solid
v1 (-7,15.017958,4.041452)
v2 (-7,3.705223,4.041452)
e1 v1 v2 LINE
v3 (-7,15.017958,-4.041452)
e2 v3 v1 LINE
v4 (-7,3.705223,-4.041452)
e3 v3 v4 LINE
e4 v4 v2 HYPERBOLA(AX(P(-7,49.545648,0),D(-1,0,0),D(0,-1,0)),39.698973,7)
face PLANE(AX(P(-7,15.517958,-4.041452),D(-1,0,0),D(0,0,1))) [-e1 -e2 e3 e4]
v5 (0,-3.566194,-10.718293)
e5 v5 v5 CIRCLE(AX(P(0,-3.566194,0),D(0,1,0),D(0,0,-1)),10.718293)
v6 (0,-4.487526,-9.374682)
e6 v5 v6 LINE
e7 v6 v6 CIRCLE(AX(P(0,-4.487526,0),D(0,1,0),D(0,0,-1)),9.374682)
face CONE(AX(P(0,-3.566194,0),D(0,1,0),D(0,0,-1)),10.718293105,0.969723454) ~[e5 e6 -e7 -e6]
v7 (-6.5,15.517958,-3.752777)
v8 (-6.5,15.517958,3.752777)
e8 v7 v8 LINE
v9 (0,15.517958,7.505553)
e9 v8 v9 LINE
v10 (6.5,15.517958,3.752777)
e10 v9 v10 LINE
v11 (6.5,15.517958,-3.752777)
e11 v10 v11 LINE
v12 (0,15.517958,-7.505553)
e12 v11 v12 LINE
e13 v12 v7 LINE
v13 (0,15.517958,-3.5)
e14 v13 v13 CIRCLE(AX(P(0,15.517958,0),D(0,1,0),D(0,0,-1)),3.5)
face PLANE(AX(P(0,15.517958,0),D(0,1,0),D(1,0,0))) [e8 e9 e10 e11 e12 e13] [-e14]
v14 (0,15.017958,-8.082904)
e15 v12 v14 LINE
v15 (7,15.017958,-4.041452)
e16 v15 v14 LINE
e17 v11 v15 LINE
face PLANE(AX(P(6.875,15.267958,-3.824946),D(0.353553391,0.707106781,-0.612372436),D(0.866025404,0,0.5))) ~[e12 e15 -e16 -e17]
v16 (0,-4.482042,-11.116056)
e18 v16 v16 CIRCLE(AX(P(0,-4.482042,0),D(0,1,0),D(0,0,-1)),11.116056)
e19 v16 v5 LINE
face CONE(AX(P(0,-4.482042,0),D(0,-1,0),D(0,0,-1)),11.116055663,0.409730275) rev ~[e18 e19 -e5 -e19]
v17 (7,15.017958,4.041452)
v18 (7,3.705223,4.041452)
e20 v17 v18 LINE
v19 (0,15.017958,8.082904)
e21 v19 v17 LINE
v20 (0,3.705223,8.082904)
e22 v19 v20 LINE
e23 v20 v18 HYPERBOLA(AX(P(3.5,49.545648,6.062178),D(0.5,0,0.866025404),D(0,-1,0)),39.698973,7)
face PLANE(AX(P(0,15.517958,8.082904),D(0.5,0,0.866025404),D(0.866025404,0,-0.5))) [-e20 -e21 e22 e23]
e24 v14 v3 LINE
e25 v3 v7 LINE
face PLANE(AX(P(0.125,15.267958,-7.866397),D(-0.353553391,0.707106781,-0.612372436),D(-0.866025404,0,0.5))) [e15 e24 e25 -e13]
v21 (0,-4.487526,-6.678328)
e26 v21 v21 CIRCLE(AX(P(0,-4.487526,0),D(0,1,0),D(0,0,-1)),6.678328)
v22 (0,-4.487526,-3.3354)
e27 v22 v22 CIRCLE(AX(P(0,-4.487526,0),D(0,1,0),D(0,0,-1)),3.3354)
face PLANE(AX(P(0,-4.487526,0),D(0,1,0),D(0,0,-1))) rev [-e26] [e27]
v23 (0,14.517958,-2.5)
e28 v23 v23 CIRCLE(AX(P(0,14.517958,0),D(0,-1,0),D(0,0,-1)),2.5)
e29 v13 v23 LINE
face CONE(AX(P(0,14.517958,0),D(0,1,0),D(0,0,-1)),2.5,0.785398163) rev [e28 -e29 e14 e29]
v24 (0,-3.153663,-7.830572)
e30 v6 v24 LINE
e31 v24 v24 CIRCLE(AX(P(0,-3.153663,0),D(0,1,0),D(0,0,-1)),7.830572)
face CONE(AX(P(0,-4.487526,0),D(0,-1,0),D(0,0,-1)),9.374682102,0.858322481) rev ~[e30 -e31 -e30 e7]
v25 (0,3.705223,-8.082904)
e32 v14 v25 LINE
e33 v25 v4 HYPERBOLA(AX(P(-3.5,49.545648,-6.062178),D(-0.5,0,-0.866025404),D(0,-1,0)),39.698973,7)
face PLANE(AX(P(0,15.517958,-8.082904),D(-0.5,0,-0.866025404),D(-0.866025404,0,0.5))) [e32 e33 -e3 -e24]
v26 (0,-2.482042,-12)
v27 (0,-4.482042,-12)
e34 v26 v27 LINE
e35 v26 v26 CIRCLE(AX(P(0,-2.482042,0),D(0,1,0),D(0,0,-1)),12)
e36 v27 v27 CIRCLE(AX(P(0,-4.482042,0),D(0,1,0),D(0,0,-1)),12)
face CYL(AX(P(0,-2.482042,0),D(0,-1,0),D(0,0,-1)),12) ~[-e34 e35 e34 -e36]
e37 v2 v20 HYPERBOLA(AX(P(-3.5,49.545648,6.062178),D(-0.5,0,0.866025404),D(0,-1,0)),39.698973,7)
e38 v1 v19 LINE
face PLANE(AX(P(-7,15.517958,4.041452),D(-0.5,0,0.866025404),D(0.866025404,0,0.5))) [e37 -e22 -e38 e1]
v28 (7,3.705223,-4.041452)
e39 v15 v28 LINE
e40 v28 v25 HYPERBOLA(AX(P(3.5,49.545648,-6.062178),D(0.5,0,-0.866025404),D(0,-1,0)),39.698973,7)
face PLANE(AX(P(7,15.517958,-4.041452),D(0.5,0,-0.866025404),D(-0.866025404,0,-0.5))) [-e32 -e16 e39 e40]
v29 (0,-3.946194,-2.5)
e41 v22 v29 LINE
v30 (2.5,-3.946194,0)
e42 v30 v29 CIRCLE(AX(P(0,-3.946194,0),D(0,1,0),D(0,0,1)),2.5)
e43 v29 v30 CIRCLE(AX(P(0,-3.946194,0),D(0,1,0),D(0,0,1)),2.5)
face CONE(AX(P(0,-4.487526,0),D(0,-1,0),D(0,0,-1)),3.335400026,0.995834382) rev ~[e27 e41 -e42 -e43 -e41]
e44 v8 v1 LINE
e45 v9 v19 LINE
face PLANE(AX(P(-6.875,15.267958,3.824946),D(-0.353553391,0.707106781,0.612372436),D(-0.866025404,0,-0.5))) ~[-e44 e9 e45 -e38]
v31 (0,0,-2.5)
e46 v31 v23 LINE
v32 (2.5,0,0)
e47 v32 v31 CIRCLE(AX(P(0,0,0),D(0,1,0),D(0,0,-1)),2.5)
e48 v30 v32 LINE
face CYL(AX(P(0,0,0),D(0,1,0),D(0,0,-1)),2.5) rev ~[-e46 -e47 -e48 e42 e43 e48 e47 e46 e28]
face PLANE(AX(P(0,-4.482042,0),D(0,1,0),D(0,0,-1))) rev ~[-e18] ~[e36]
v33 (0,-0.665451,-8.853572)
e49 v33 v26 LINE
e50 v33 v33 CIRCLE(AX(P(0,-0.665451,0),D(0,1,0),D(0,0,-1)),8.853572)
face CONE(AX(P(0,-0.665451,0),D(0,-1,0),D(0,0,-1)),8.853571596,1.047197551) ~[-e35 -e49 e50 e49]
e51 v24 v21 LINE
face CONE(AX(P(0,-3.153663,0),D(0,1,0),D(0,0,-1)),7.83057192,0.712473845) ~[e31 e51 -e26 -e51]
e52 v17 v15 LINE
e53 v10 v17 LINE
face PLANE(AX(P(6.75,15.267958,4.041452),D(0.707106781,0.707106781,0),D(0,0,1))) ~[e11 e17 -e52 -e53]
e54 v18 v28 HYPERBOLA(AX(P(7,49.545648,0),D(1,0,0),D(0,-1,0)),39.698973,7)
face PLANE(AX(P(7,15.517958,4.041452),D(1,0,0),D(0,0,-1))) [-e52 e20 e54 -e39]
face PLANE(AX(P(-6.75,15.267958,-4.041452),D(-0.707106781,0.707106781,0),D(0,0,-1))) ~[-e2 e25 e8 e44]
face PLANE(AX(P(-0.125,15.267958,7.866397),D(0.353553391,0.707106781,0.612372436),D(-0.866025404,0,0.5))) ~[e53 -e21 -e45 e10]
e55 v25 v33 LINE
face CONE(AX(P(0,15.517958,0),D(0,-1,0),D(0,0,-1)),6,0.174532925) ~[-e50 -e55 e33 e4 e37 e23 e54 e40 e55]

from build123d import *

# Parameters (mm, degrees)
CHAMFER1_SIZE         = 1
SKETCH2_R             = 6
BOSS_EXTRUDE1_DEPTH   = 15
CHAMFER2_SIZE         = 0.5
F_5_0MM_DOWEL_HOLE1_D = 5


with BuildPart() as part:
    # Sketch1 → Revolve1 (revolve)
    with BuildSketch(Plane.XY, mode=Mode.PRIVATE) as revolve1_sk:
        Polygon((2.5, 15.517957554), (6, 15.517957554), (8.853571596, -0.66545116), (12, -2.482042446), (12, -4.482042446), (11.116055663, -4.482042446), (10.718293105, -3.566194226), (9.374682102, -4.487525743), (7.83057192, -3.153662628), (6.678328492, -4.487525743), (4.849032939, -4.487525743), (3.335400026, -4.487525743), (2.39653501, -3.879149231), (1.705781249, -4.482042446), (0, -4.482042446), (0, 0), (2.5, 0), align=None)
    revolve(revolve1_sk.sketch.rotate(Axis((0, -4.482042446, 0), (0, 1, 0)), 90), axis=Axis((0, -4.482042446, 0), (0, 1, 0)))

    # Chamfer1
    chamfer1_edges = [part.edges().sort_by_distance(p)[0] for p in [
        (0, 15.517957554, 2.5),
    ]]
    chamfer(chamfer1_edges, length=CHAMFER1_SIZE)

    # Sketch2 → Boss-Extrude1 (add)
    with BuildSketch(Plane(origin=(0, 15.517957554, 0), x_dir=(1, 0, 0), z_dir=(0, 1, 0))):
        Polygon((0, 8.082903769), (-7, 4.041451884), (-7, -4.041451884), (0, -8.082903769), (7, -4.041451884), (7, 4.041451884), align=None)
        Circle(SKETCH2_R, mode=Mode.SUBTRACT)
    extrude(amount=-BOSS_EXTRUDE1_DEPTH)

    # Chamfer2
    chamfer2_edges = [part.edges().sort_by_distance(p)[0] for p in [
        (3.5, 15.517957554, -6.062177826),
        (-3.5, 15.517957554, -6.062177826),
        (-7, 15.517957554, 0),
        (-3.5, 15.517957554, 6.062177826),
        (3.5, 15.517957554, 6.062177826),
        (7, 15.517957554, 0),
    ]]
    chamfer(chamfer2_edges, length=CHAMFER2_SIZE)

    # Ø5.0mm Dowel Hole1 (through all)
    with Locations(Plane(origin=(0, -4.482042446, 0), x_dir=(-1, 0, 0), z_dir=(0, -1, 0))):
        with Locations((0, 0)):
            Hole(F_5_0MM_DOWEL_HOLE1_D / 2)


solid = part.part
